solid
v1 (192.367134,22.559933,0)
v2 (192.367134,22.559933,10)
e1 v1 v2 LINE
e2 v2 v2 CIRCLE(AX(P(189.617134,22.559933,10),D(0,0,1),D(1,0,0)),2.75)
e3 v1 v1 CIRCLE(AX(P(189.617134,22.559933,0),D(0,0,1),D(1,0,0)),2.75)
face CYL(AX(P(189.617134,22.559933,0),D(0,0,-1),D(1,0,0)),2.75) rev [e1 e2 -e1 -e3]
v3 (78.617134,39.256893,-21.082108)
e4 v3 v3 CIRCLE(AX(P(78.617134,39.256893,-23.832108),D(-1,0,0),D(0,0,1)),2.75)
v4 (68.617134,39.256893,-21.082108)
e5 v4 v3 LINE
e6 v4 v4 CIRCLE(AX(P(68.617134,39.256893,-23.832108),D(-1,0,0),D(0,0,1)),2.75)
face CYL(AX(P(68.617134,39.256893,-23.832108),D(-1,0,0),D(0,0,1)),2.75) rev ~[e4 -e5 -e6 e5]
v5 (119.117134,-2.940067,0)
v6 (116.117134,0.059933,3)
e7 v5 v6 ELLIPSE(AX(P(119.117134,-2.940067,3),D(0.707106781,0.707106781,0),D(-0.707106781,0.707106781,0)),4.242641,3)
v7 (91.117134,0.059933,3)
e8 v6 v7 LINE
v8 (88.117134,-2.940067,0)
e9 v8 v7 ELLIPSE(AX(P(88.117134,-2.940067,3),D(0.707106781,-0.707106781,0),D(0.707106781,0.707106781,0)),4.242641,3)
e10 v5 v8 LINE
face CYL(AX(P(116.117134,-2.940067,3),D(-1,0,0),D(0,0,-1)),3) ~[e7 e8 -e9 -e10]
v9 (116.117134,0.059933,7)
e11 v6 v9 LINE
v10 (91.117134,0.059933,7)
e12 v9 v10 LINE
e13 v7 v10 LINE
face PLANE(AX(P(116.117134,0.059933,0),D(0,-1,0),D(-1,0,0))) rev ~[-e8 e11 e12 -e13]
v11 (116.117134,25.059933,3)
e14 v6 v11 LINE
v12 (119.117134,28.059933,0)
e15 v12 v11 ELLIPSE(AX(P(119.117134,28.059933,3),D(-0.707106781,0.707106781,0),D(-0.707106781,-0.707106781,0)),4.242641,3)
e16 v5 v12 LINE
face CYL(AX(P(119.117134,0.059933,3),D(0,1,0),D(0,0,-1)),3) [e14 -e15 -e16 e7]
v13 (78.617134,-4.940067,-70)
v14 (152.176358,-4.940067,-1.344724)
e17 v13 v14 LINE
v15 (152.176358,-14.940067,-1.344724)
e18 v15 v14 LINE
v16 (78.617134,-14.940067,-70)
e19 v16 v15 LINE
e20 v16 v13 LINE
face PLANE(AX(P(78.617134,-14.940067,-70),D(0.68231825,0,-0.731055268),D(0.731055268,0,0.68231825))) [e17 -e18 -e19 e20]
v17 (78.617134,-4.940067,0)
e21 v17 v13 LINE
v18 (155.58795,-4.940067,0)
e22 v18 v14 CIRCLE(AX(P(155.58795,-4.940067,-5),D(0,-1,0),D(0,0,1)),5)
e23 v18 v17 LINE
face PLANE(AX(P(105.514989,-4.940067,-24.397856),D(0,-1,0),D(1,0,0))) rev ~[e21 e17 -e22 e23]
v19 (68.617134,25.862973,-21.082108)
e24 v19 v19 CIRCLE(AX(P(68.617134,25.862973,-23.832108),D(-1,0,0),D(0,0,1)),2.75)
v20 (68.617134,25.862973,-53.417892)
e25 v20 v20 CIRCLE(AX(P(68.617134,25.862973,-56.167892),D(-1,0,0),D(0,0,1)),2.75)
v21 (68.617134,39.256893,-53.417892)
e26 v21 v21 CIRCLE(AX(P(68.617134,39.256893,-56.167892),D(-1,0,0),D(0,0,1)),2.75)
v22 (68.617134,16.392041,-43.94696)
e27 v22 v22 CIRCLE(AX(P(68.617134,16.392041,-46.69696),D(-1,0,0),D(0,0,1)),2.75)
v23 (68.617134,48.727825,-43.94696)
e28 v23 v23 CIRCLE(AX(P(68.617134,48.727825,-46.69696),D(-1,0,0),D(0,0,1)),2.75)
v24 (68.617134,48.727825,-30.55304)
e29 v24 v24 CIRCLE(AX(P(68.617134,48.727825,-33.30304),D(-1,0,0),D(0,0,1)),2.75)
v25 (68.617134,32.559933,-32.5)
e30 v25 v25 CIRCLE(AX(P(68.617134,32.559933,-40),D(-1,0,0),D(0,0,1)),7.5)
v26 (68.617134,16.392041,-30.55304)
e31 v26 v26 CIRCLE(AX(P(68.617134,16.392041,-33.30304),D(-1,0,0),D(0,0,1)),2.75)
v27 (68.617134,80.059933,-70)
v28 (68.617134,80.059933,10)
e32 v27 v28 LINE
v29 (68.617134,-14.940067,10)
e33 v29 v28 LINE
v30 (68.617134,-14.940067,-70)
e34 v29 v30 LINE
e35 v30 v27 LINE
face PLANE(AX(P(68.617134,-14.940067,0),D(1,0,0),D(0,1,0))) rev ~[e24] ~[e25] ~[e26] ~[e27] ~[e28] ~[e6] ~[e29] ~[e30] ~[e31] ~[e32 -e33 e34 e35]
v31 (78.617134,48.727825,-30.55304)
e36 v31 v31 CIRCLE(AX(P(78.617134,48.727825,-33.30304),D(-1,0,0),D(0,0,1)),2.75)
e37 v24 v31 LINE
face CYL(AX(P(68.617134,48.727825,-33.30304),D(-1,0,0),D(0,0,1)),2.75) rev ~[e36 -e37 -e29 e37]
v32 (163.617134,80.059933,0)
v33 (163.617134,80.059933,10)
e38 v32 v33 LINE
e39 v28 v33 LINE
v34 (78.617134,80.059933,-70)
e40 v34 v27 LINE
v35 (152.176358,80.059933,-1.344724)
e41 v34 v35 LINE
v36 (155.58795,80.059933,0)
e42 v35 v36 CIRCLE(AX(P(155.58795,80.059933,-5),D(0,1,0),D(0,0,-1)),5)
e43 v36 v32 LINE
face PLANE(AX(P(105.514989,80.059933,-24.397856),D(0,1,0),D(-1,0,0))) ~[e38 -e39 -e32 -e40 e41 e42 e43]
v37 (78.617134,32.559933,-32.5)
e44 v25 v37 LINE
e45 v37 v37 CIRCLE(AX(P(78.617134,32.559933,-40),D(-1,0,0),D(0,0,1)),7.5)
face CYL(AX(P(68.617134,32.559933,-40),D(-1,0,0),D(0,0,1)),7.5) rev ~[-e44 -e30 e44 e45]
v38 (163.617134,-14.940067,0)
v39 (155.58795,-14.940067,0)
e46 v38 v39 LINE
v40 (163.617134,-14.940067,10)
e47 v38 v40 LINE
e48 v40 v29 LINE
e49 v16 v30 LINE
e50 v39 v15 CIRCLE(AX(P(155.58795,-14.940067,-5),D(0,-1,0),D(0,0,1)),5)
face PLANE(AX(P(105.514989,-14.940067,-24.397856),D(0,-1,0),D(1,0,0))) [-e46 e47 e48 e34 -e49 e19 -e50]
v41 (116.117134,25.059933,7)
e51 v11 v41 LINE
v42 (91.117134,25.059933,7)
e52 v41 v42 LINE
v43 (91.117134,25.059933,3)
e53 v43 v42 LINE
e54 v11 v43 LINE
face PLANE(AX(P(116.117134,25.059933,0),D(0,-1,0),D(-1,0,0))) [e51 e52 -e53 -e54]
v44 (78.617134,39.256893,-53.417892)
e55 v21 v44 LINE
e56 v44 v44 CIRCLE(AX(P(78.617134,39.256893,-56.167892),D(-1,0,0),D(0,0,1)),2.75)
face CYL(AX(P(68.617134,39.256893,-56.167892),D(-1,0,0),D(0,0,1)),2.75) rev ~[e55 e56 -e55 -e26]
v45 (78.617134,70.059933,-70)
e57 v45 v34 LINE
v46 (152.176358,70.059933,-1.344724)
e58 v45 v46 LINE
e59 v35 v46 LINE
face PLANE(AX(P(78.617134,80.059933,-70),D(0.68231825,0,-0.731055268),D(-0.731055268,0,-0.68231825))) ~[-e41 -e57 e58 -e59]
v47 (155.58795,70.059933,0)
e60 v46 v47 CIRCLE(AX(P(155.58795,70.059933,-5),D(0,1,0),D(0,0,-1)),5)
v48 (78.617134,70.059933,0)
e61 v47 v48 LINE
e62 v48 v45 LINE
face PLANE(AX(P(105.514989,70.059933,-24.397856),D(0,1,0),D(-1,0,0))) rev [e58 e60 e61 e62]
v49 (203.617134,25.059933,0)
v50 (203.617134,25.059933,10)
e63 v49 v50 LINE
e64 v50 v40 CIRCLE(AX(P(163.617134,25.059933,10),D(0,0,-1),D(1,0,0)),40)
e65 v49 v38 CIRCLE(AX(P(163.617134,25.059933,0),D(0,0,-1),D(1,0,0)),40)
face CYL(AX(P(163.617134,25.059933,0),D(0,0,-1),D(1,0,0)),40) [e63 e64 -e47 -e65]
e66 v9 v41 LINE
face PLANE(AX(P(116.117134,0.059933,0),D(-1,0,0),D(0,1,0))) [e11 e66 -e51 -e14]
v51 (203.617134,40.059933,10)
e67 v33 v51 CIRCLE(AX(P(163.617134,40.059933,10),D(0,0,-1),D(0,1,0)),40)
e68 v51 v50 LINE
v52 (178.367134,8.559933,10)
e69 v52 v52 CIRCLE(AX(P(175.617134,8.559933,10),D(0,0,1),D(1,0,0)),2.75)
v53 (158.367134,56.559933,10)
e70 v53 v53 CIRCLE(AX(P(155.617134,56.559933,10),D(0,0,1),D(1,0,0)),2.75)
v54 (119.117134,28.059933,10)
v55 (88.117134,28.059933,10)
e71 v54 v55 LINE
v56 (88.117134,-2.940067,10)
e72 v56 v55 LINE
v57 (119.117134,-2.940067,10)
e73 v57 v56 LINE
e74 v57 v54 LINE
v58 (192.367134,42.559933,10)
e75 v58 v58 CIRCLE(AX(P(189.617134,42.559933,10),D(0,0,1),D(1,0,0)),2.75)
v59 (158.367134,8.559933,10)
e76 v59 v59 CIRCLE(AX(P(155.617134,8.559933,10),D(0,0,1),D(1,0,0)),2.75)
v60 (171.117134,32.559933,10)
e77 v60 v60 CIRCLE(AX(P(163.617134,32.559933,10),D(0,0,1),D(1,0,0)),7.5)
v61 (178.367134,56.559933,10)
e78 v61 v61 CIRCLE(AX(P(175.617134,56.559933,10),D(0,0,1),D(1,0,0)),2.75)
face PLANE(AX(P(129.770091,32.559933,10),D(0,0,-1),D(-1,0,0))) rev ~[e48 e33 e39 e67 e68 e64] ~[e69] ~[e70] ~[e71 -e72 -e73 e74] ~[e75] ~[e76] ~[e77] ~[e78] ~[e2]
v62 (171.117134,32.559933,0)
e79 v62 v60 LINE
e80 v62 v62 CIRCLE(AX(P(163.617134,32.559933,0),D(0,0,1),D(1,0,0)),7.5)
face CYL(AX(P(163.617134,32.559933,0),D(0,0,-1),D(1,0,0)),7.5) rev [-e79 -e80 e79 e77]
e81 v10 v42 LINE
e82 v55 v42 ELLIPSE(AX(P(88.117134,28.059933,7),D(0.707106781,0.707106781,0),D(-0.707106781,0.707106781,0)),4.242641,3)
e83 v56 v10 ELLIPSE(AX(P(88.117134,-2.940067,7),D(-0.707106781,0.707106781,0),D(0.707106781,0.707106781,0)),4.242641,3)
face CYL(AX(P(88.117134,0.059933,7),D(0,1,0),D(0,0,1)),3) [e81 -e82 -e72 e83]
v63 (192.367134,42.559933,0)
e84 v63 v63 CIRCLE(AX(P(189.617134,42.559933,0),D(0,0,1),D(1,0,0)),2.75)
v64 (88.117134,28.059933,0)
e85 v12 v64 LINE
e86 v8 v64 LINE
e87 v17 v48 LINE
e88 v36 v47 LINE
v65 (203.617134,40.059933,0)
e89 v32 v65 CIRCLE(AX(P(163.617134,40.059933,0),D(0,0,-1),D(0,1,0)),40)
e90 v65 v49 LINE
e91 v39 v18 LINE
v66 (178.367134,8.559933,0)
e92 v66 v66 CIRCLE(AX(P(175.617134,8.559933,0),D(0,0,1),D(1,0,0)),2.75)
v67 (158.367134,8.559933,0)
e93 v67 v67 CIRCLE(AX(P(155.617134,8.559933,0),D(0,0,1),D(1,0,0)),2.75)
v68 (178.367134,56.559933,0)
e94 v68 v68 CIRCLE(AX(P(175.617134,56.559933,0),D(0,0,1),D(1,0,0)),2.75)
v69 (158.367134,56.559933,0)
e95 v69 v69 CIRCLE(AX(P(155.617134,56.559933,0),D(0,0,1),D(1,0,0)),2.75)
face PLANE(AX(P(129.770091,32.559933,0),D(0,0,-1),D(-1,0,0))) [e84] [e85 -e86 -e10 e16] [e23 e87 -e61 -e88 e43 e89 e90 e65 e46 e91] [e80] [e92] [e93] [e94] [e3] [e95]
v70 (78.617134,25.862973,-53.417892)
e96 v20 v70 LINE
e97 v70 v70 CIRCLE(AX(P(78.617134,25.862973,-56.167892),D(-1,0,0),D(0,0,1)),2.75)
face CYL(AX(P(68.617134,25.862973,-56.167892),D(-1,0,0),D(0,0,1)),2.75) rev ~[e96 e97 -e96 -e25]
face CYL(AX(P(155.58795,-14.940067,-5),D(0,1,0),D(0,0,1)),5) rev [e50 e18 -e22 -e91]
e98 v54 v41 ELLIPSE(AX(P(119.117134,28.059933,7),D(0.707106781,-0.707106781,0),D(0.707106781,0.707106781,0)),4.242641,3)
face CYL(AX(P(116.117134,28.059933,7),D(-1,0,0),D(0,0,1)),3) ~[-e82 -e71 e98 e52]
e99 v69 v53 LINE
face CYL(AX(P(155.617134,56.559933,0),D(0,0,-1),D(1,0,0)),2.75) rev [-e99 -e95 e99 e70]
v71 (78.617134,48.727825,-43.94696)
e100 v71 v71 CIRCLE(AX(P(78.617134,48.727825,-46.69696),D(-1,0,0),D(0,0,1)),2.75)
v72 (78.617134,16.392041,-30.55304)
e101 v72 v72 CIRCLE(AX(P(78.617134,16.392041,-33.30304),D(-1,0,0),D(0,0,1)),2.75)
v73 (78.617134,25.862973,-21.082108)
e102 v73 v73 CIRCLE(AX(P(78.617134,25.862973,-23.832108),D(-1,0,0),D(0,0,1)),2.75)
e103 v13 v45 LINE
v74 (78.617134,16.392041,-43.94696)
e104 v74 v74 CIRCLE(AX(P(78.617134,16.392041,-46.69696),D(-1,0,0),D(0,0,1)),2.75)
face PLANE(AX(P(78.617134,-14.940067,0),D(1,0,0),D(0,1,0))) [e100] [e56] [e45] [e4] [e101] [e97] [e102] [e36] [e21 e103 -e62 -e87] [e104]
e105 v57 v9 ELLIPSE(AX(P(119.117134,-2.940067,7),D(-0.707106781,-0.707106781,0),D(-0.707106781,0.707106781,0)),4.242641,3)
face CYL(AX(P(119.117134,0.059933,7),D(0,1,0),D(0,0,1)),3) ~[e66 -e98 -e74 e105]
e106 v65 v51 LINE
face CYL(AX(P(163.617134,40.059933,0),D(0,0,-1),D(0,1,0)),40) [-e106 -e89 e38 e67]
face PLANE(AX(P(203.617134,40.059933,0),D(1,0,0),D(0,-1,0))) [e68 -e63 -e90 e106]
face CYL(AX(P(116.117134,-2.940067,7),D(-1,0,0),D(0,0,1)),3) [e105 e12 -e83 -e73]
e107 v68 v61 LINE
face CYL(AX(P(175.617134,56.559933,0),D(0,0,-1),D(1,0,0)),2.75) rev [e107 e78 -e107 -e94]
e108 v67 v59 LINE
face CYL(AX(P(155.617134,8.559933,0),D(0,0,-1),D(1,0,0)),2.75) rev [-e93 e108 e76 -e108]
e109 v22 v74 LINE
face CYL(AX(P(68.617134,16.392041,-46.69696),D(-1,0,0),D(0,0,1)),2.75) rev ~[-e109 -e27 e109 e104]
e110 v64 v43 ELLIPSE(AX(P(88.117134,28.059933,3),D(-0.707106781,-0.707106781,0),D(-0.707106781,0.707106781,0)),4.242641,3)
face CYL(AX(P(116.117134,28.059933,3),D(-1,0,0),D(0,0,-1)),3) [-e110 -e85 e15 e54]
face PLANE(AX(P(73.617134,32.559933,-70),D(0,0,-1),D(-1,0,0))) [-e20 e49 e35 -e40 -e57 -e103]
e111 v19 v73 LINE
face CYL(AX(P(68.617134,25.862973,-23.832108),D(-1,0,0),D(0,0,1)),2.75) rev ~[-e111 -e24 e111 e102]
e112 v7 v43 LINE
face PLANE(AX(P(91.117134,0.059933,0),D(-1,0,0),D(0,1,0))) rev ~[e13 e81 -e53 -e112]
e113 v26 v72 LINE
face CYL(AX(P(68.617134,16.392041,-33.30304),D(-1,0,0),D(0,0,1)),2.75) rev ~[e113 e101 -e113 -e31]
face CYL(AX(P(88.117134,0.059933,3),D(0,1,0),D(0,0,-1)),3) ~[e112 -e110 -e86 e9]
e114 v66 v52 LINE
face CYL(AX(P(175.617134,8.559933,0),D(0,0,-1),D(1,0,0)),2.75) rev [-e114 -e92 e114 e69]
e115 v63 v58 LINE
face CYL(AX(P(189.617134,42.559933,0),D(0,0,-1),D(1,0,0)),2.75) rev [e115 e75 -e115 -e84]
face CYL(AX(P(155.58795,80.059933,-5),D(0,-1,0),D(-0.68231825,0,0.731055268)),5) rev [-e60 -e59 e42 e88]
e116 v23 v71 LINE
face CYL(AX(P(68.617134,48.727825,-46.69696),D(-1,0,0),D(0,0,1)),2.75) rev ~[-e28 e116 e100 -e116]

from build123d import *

# Parameters (mm, degrees)
SKETCH3_R           = 7.5
SKETCH3_R_2         = 2.75
BOSS_EXTRUDE1_DEPTH = 10
SKETCH4_W           = 10
SKETCH4_H           = 95
BOSS_EXTRUDE2_DEPTH = 70
SKETCH8_R           = 7.5
SKETCH8_R_2         = 2.75
CUT_EXTRUDE2_DEPTH  = 43.8
BOSS_EXTRUDE3_DEPTH = 10
FILLET1_R           = 5
SKETCH11_W          = 25
SKETCH11_H          = 25
CUT_EXTRUDE3_DEPTH  = 11
FILLET3_R           = 3


with BuildPart() as part:
    # Sketch3 → Boss-Extrude1 (new body)
    with BuildSketch(Plane.XY):
        with BuildLine():
            Line((68.617133813, 80.05993294), (163.617133813, 80.05993294))
            ThreePointArc((163.617133813, 80.05993294), (191.90140506, 68.344204188), (203.617133813, 40.05993294))
            Line((203.617133813, 40.05993294), (203.617133813, 25.05993294))
            ThreePointArc((203.617133813, 25.05993294), (191.90140506, -3.224338307), (163.617133813, -14.94006706))
            Line((163.617133813, -14.94006706), (68.617133813, -14.94006706))
            Line((68.617133813, -14.94006706), (68.617133813, 80.05993294))
        make_face()
        with Locations((163.617133813, 32.55993294)):
            Circle(SKETCH3_R, mode=Mode.SUBTRACT)
        with Locations((189.617133813, 42.55993294)):
            Circle(SKETCH3_R_2, mode=Mode.SUBTRACT)
        with Locations((155.617133813, 56.55993294)):
            Circle(SKETCH3_R_2, mode=Mode.SUBTRACT)
        with Locations((175.617133813, 56.55993294)):
            Circle(SKETCH3_R_2, mode=Mode.SUBTRACT)
        with Locations((155.617133813, 8.55993294)):
            Circle(SKETCH3_R_2, mode=Mode.SUBTRACT)
        with Locations((175.617133813, 8.55993294)):
            Circle(SKETCH3_R_2, mode=Mode.SUBTRACT)
        with Locations((189.617133813, 22.55993294)):
            Circle(SKETCH3_R_2, mode=Mode.SUBTRACT)
    extrude(amount=BOSS_EXTRUDE1_DEPTH)

    # Sketch4 → Boss-Extrude2 (add)
    with BuildSketch(Plane(origin=(0, 0, 0), x_dir=(-1, 0, 0), z_dir=(0, 0, -1))):
        with Locations((-73.617133813, 32.55993294)):
            Rectangle(SKETCH4_W, SKETCH4_H)
    extrude(amount=BOSS_EXTRUDE2_DEPTH)

    # Sketch8 → Cut-Extrude2 (cut)
    with BuildSketch(Plane.ZY.offset(-68.617133813)):
        with Locations((-40, 32.55993294)):
            Circle(SKETCH8_R)
        with Locations((-56.167891819, 25.862972874)):
            Circle(SKETCH8_R_2)
        with Locations((-56.167891819, 39.256893006)):
            Circle(SKETCH8_R_2)
        with Locations((-46.696960066, 48.727824759)):
            Circle(SKETCH8_R_2)
        with Locations((-33.303039934, 48.727824759)):
            Circle(SKETCH8_R_2)
        with Locations((-23.832108181, 39.256893006)):
            Circle(SKETCH8_R_2)
        with Locations((-23.832108181, 25.862972874)):
            Circle(SKETCH8_R_2)
        with Locations((-33.303039934, 16.392041121)):
            Circle(SKETCH8_R_2)
        with Locations((-46.696960066, 16.392041121)):
            Circle(SKETCH8_R_2)
    extrude(amount=-CUT_EXTRUDE2_DEPTH, mode=Mode.SUBTRACT)

    # Sketch9 → Boss-Extrude3 (add)
    with BuildSketch(Plane.XZ.offset(14.94006706)):
        Polygon((78.617133813, -70), (153.617133813, 0), (78.617133813, 0), align=None)
    boss_extrude3 = extrude(amount=-BOSS_EXTRUDE3_DEPTH)

    # Mirror1: Boss-Extrude3 across plane
    add(boss_extrude3.mirror(Plane(origin=(0, 32.55993294, 0), x_dir=(0, 0, 1), z_dir=(0, -1, 0))))

    # Fillet1
    fillet1_edges = [part.edges().sort_by_distance(p)[0] for p in [
        (153.617133813, -9.94006706, 0),
        (153.617133813, 75.05993294, 0),
    ]]
    fillet(fillet1_edges, radius=FILLET1_R)

    # Sketch11 → Cut-Extrude3 (cut, through all)
    with BuildSketch(Plane(origin=(0, 0, 0), x_dir=(-1, 0, 0), z_dir=(0, 0, -1))):
        with Locations((-103.617133813, 12.55993294)):
            Rectangle(SKETCH11_W, SKETCH11_H)
    extrude(amount=-CUT_EXTRUDE3_DEPTH, mode=Mode.SUBTRACT)

    # Fillet3
    fillet3_edges = [part.edges().sort_by_distance(p)[0] for p in [
        (91.117133813, 12.55993294, 10),
        (103.617133813, 0.05993294, 10),
        (116.117133813, 12.55993294, 10),
        (103.617133813, 25.05993294, 10),
        (91.117133813, 12.55993294, 0),
        (103.617133813, 25.05993294, 0),
        (116.117133813, 12.55993294, 0),
        (103.617133813, 0.05993294, 0),
    ]]
    fillet(fillet3_edges, radius=FILLET3_R)


solid = part.part
